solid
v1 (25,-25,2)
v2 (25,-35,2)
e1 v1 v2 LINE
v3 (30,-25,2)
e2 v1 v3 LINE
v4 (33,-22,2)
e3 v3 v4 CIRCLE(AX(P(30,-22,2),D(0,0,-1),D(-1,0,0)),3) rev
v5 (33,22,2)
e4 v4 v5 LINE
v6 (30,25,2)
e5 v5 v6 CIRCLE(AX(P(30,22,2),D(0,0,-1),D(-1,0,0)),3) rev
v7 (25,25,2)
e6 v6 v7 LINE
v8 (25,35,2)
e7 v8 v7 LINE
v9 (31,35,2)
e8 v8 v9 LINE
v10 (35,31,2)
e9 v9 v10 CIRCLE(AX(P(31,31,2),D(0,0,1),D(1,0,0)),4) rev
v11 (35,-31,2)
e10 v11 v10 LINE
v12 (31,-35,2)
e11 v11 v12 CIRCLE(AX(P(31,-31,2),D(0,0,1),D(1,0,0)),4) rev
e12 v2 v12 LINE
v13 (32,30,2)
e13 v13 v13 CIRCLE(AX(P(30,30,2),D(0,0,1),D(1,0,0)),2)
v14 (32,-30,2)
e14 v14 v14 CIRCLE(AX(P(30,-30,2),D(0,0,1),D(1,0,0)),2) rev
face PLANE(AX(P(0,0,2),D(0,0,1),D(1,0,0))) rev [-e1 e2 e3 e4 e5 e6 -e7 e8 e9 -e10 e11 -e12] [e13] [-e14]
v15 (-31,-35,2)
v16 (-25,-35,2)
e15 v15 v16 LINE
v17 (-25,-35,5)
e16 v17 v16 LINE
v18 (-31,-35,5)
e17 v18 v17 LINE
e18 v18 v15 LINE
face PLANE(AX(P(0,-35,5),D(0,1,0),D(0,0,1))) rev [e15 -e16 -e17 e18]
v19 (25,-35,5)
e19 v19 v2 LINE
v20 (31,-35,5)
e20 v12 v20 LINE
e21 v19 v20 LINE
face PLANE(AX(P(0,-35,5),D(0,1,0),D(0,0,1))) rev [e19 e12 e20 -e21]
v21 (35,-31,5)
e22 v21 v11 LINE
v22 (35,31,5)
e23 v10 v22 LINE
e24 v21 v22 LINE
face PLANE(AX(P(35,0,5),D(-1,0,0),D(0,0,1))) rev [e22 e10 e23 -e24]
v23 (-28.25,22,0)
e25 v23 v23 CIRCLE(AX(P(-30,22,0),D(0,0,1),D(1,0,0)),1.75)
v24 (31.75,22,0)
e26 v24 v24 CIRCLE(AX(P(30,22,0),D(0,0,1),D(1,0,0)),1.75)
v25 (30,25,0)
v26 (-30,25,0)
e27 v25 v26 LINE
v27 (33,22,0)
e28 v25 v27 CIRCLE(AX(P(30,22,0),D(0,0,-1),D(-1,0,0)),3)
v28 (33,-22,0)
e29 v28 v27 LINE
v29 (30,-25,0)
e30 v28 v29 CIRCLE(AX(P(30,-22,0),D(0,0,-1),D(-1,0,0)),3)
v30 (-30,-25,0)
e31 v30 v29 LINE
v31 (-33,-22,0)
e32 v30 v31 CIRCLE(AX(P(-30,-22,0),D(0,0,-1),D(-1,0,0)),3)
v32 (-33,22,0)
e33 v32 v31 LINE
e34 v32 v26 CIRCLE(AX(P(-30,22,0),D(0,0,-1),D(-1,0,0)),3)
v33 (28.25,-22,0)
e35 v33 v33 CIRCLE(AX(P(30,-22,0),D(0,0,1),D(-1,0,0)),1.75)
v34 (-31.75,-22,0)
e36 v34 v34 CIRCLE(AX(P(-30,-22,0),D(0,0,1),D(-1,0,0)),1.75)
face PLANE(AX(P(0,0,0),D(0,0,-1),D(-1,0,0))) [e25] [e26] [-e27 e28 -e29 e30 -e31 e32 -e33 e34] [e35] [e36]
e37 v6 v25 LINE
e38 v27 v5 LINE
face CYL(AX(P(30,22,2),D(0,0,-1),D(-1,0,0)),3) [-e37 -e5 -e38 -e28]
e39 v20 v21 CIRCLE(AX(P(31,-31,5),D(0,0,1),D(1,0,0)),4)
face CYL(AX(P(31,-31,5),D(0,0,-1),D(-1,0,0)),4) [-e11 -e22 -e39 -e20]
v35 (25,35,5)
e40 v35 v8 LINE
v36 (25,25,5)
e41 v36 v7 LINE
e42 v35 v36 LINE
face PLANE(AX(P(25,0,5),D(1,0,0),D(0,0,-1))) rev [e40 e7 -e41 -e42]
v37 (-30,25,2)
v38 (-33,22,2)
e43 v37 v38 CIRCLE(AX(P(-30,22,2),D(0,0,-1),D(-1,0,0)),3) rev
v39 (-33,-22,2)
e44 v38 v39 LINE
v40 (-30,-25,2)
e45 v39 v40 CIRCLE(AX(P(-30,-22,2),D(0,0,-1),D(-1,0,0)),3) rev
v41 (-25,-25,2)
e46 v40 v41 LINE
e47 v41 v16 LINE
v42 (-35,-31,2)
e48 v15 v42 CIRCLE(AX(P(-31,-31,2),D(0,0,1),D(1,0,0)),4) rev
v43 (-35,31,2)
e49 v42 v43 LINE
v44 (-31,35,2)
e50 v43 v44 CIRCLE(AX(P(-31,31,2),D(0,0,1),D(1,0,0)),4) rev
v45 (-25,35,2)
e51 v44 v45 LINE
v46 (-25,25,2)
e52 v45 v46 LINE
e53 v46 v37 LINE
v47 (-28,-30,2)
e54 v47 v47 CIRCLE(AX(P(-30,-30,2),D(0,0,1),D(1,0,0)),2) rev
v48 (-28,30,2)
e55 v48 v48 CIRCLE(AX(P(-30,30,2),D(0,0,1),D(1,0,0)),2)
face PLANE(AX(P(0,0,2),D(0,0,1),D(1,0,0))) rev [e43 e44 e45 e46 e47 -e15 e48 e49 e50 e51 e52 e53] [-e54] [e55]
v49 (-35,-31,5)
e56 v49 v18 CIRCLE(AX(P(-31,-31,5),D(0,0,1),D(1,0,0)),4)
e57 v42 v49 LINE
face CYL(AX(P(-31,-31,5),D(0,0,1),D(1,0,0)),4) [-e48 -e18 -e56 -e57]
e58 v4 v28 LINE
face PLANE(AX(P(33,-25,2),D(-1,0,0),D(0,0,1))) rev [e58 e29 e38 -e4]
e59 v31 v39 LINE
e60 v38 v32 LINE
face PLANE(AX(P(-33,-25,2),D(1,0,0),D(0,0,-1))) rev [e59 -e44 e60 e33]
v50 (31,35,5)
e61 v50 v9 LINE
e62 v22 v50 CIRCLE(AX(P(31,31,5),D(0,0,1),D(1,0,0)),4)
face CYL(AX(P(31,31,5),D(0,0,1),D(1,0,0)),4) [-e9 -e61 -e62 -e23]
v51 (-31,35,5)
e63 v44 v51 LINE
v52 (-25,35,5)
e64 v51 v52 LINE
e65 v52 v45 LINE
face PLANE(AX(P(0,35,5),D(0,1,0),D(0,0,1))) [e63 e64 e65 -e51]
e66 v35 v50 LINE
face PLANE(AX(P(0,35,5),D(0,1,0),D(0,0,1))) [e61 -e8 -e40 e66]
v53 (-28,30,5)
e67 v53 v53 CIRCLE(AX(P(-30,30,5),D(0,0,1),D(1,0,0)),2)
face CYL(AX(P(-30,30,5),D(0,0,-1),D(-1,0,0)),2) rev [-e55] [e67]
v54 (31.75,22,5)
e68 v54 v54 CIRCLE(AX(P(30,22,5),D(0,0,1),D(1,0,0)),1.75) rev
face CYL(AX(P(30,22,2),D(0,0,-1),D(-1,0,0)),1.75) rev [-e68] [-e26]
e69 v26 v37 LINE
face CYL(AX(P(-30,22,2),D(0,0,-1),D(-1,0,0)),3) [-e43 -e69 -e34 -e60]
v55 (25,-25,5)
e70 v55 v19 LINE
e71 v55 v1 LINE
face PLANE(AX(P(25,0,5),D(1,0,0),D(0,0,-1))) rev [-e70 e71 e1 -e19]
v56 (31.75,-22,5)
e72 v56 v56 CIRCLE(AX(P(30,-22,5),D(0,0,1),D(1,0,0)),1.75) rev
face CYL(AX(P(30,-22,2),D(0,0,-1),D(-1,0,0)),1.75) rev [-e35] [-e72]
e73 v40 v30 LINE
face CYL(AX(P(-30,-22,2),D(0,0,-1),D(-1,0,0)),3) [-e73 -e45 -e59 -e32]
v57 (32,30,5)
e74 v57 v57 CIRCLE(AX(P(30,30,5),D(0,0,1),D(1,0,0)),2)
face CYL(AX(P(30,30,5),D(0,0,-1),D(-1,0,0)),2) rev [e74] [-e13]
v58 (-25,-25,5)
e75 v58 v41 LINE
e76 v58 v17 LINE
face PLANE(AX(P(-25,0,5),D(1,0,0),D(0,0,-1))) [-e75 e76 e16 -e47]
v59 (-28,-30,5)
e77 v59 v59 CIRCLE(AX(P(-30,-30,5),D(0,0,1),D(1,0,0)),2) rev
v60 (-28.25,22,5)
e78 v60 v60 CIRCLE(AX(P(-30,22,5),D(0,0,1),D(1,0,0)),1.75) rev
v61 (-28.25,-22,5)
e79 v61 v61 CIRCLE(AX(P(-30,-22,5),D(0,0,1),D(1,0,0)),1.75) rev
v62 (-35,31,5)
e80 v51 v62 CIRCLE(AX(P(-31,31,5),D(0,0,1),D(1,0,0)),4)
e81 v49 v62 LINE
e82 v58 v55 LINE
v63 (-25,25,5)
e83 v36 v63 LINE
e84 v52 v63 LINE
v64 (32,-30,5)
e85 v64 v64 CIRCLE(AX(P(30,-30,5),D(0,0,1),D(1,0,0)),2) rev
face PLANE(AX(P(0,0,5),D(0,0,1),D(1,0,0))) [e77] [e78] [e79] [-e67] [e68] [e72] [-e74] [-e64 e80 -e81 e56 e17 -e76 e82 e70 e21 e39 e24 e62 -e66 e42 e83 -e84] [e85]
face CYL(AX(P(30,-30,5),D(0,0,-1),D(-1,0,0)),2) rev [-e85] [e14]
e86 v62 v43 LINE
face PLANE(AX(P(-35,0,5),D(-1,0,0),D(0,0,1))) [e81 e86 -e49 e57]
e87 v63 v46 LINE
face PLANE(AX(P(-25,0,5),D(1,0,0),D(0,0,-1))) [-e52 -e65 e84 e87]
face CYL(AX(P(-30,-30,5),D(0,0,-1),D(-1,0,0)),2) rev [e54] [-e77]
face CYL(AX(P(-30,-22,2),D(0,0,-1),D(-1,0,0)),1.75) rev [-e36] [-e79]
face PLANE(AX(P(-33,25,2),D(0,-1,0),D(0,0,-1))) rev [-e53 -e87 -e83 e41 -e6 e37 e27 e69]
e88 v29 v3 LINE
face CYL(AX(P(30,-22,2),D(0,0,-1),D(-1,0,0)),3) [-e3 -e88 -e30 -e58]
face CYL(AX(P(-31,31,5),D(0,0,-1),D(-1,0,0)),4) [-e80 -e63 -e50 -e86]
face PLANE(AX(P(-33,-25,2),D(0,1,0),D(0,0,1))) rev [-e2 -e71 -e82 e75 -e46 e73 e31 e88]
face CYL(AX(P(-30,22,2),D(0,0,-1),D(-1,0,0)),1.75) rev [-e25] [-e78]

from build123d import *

# Parameters (mm, degrees)
SKETCH1_W           = 66
SKETCH1_H           = 50
SKETCH1_R           = 1.75
BOSS_EXTRUDE1_DEPTH = 2
FILLET1_R           = 3
BOSS_EXTRUDE2_START = 3
SKETCH2_R           = 1.75
SKETCH2_R_2         = 2
BOSS_EXTRUDE2_DEPTH = 3
FILLET2_R           = 4


with BuildPart() as part:
    # Sketch1 → Boss-Extrude1 (new body)
    with BuildSketch(Plane.XY):
        Rectangle(SKETCH1_W, SKETCH1_H)
        with Locations((-30, 22)):
            Circle(SKETCH1_R, mode=Mode.SUBTRACT)
        with Locations((30, 22)):
            Circle(SKETCH1_R, mode=Mode.SUBTRACT)
        with Locations(Location((30, -22, 0), (0, 0, 180))):
            Circle(SKETCH1_R, mode=Mode.SUBTRACT)
        with Locations(Location((-30, -22, 0), (0, 0, 180))):
            Circle(SKETCH1_R, mode=Mode.SUBTRACT)
    extrude(amount=BOSS_EXTRUDE1_DEPTH)

    # Fillet1
    fillet1_edges = [part.edges().sort_by_distance(p)[0] for p in [
        (33, -25, 1),
        (-33, -25, 1),
        (-33, 25, 1),
        (33, 25, 1),
    ]]
    fillet(fillet1_edges, radius=FILLET1_R)

    # Sketch2 → Boss-Extrude2 (add)
    # profile 1 of 3: a face of its own
    with BuildSketch(Plane.XY.offset(2).offset(BOSS_EXTRUDE2_START)):
        with BuildLine():
            ThreePointArc((-30, 25), (-32.121320344, 24.121320344), (-33, 22))
            Line((-33, 22), (-33, -22))
            ThreePointArc((-33, -22), (-32.121320344, -24.121320344), (-30, -25))
            Line((-30, -25), (30, -25))
            ThreePointArc((30, -25), (32.121320344, -24.121320344), (33, -22))
            Line((33, -22), (33, 22))
            ThreePointArc((33, 22), (32.121320344, 24.121320344), (30, 25))
            Line((30, 25), (-30, 25))
        make_face()
        with Locations((-30, 22)):
            Circle(SKETCH2_R, mode=Mode.SUBTRACT)
        with Locations(Location((30, -22, 0), (0, 0, 180))):
            Circle(SKETCH2_R, mode=Mode.SUBTRACT)
        with Locations(Location((-30, -22, 0), (0, 0, 180))):
            Circle(SKETCH2_R, mode=Mode.SUBTRACT)
        with Locations((30, 22)):
            Circle(SKETCH2_R, mode=Mode.SUBTRACT)
    # profile 2 of 3: a face of its own
    with BuildSketch(Plane.XY.offset(2).offset(BOSS_EXTRUDE2_START)):
        with BuildLine():
            Line((-35, 35), (-35, -35))
            Line((-35, -35), (-25, -35))
            Line((-25, -35), (-25, -25))
            Line((-25, -25), (-30, -25))
            ThreePointArc((-30, -25), (-32.121320344, -24.121320344), (-33, -22))
            Line((-33, -22), (-33, 22))
            ThreePointArc((-33, 22), (-32.121320344, 24.121320344), (-30, 25))
            Line((-30, 25), (-25, 25))
            Line((-25, 25), (-25, 35))
            Line((-25, 35), (-35, 35))
        make_face()
        with Locations((-30, -30)):
            Circle(SKETCH2_R_2, mode=Mode.SUBTRACT)
        with Locations((-30, 30)):
            Circle(SKETCH2_R_2, mode=Mode.SUBTRACT)
    # profile 3 of 3: a face of its own
    with BuildSketch(Plane.XY.offset(2).offset(BOSS_EXTRUDE2_START)):
        with BuildLine():
            Line((25, -25), (25, -35))
            Line((25, -35), (35, -35))
            Line((35, -35), (35, 35))
            Line((35, 35), (25, 35))
            Line((25, 35), (25, 25))
            Line((25, 25), (30, 25))
            ThreePointArc((30, 25), (32.121320344, 24.121320344), (33, 22))
            Line((33, 22), (33, -22))
            ThreePointArc((33, -22), (32.121320344, -24.121320344), (30, -25))
            Line((30, -25), (25, -25))
        make_face()
        with Locations((30, -30)):
            Circle(SKETCH2_R_2, mode=Mode.SUBTRACT)
        with Locations((30, 30)):
            Circle(SKETCH2_R_2, mode=Mode.SUBTRACT)
    extrude(amount=-BOSS_EXTRUDE2_DEPTH)

    # Fillet2
    fillet2_edges = [part.edges().sort_by_distance(p)[0] for p in [
        (35, -35, 3.5),
        (35, 35, 3.5),
        (-35, 35, 3.5),
        (-35, -35, 3.5),
    ]]
    fillet(fillet2_edges, radius=FILLET2_R)


solid = part.part
